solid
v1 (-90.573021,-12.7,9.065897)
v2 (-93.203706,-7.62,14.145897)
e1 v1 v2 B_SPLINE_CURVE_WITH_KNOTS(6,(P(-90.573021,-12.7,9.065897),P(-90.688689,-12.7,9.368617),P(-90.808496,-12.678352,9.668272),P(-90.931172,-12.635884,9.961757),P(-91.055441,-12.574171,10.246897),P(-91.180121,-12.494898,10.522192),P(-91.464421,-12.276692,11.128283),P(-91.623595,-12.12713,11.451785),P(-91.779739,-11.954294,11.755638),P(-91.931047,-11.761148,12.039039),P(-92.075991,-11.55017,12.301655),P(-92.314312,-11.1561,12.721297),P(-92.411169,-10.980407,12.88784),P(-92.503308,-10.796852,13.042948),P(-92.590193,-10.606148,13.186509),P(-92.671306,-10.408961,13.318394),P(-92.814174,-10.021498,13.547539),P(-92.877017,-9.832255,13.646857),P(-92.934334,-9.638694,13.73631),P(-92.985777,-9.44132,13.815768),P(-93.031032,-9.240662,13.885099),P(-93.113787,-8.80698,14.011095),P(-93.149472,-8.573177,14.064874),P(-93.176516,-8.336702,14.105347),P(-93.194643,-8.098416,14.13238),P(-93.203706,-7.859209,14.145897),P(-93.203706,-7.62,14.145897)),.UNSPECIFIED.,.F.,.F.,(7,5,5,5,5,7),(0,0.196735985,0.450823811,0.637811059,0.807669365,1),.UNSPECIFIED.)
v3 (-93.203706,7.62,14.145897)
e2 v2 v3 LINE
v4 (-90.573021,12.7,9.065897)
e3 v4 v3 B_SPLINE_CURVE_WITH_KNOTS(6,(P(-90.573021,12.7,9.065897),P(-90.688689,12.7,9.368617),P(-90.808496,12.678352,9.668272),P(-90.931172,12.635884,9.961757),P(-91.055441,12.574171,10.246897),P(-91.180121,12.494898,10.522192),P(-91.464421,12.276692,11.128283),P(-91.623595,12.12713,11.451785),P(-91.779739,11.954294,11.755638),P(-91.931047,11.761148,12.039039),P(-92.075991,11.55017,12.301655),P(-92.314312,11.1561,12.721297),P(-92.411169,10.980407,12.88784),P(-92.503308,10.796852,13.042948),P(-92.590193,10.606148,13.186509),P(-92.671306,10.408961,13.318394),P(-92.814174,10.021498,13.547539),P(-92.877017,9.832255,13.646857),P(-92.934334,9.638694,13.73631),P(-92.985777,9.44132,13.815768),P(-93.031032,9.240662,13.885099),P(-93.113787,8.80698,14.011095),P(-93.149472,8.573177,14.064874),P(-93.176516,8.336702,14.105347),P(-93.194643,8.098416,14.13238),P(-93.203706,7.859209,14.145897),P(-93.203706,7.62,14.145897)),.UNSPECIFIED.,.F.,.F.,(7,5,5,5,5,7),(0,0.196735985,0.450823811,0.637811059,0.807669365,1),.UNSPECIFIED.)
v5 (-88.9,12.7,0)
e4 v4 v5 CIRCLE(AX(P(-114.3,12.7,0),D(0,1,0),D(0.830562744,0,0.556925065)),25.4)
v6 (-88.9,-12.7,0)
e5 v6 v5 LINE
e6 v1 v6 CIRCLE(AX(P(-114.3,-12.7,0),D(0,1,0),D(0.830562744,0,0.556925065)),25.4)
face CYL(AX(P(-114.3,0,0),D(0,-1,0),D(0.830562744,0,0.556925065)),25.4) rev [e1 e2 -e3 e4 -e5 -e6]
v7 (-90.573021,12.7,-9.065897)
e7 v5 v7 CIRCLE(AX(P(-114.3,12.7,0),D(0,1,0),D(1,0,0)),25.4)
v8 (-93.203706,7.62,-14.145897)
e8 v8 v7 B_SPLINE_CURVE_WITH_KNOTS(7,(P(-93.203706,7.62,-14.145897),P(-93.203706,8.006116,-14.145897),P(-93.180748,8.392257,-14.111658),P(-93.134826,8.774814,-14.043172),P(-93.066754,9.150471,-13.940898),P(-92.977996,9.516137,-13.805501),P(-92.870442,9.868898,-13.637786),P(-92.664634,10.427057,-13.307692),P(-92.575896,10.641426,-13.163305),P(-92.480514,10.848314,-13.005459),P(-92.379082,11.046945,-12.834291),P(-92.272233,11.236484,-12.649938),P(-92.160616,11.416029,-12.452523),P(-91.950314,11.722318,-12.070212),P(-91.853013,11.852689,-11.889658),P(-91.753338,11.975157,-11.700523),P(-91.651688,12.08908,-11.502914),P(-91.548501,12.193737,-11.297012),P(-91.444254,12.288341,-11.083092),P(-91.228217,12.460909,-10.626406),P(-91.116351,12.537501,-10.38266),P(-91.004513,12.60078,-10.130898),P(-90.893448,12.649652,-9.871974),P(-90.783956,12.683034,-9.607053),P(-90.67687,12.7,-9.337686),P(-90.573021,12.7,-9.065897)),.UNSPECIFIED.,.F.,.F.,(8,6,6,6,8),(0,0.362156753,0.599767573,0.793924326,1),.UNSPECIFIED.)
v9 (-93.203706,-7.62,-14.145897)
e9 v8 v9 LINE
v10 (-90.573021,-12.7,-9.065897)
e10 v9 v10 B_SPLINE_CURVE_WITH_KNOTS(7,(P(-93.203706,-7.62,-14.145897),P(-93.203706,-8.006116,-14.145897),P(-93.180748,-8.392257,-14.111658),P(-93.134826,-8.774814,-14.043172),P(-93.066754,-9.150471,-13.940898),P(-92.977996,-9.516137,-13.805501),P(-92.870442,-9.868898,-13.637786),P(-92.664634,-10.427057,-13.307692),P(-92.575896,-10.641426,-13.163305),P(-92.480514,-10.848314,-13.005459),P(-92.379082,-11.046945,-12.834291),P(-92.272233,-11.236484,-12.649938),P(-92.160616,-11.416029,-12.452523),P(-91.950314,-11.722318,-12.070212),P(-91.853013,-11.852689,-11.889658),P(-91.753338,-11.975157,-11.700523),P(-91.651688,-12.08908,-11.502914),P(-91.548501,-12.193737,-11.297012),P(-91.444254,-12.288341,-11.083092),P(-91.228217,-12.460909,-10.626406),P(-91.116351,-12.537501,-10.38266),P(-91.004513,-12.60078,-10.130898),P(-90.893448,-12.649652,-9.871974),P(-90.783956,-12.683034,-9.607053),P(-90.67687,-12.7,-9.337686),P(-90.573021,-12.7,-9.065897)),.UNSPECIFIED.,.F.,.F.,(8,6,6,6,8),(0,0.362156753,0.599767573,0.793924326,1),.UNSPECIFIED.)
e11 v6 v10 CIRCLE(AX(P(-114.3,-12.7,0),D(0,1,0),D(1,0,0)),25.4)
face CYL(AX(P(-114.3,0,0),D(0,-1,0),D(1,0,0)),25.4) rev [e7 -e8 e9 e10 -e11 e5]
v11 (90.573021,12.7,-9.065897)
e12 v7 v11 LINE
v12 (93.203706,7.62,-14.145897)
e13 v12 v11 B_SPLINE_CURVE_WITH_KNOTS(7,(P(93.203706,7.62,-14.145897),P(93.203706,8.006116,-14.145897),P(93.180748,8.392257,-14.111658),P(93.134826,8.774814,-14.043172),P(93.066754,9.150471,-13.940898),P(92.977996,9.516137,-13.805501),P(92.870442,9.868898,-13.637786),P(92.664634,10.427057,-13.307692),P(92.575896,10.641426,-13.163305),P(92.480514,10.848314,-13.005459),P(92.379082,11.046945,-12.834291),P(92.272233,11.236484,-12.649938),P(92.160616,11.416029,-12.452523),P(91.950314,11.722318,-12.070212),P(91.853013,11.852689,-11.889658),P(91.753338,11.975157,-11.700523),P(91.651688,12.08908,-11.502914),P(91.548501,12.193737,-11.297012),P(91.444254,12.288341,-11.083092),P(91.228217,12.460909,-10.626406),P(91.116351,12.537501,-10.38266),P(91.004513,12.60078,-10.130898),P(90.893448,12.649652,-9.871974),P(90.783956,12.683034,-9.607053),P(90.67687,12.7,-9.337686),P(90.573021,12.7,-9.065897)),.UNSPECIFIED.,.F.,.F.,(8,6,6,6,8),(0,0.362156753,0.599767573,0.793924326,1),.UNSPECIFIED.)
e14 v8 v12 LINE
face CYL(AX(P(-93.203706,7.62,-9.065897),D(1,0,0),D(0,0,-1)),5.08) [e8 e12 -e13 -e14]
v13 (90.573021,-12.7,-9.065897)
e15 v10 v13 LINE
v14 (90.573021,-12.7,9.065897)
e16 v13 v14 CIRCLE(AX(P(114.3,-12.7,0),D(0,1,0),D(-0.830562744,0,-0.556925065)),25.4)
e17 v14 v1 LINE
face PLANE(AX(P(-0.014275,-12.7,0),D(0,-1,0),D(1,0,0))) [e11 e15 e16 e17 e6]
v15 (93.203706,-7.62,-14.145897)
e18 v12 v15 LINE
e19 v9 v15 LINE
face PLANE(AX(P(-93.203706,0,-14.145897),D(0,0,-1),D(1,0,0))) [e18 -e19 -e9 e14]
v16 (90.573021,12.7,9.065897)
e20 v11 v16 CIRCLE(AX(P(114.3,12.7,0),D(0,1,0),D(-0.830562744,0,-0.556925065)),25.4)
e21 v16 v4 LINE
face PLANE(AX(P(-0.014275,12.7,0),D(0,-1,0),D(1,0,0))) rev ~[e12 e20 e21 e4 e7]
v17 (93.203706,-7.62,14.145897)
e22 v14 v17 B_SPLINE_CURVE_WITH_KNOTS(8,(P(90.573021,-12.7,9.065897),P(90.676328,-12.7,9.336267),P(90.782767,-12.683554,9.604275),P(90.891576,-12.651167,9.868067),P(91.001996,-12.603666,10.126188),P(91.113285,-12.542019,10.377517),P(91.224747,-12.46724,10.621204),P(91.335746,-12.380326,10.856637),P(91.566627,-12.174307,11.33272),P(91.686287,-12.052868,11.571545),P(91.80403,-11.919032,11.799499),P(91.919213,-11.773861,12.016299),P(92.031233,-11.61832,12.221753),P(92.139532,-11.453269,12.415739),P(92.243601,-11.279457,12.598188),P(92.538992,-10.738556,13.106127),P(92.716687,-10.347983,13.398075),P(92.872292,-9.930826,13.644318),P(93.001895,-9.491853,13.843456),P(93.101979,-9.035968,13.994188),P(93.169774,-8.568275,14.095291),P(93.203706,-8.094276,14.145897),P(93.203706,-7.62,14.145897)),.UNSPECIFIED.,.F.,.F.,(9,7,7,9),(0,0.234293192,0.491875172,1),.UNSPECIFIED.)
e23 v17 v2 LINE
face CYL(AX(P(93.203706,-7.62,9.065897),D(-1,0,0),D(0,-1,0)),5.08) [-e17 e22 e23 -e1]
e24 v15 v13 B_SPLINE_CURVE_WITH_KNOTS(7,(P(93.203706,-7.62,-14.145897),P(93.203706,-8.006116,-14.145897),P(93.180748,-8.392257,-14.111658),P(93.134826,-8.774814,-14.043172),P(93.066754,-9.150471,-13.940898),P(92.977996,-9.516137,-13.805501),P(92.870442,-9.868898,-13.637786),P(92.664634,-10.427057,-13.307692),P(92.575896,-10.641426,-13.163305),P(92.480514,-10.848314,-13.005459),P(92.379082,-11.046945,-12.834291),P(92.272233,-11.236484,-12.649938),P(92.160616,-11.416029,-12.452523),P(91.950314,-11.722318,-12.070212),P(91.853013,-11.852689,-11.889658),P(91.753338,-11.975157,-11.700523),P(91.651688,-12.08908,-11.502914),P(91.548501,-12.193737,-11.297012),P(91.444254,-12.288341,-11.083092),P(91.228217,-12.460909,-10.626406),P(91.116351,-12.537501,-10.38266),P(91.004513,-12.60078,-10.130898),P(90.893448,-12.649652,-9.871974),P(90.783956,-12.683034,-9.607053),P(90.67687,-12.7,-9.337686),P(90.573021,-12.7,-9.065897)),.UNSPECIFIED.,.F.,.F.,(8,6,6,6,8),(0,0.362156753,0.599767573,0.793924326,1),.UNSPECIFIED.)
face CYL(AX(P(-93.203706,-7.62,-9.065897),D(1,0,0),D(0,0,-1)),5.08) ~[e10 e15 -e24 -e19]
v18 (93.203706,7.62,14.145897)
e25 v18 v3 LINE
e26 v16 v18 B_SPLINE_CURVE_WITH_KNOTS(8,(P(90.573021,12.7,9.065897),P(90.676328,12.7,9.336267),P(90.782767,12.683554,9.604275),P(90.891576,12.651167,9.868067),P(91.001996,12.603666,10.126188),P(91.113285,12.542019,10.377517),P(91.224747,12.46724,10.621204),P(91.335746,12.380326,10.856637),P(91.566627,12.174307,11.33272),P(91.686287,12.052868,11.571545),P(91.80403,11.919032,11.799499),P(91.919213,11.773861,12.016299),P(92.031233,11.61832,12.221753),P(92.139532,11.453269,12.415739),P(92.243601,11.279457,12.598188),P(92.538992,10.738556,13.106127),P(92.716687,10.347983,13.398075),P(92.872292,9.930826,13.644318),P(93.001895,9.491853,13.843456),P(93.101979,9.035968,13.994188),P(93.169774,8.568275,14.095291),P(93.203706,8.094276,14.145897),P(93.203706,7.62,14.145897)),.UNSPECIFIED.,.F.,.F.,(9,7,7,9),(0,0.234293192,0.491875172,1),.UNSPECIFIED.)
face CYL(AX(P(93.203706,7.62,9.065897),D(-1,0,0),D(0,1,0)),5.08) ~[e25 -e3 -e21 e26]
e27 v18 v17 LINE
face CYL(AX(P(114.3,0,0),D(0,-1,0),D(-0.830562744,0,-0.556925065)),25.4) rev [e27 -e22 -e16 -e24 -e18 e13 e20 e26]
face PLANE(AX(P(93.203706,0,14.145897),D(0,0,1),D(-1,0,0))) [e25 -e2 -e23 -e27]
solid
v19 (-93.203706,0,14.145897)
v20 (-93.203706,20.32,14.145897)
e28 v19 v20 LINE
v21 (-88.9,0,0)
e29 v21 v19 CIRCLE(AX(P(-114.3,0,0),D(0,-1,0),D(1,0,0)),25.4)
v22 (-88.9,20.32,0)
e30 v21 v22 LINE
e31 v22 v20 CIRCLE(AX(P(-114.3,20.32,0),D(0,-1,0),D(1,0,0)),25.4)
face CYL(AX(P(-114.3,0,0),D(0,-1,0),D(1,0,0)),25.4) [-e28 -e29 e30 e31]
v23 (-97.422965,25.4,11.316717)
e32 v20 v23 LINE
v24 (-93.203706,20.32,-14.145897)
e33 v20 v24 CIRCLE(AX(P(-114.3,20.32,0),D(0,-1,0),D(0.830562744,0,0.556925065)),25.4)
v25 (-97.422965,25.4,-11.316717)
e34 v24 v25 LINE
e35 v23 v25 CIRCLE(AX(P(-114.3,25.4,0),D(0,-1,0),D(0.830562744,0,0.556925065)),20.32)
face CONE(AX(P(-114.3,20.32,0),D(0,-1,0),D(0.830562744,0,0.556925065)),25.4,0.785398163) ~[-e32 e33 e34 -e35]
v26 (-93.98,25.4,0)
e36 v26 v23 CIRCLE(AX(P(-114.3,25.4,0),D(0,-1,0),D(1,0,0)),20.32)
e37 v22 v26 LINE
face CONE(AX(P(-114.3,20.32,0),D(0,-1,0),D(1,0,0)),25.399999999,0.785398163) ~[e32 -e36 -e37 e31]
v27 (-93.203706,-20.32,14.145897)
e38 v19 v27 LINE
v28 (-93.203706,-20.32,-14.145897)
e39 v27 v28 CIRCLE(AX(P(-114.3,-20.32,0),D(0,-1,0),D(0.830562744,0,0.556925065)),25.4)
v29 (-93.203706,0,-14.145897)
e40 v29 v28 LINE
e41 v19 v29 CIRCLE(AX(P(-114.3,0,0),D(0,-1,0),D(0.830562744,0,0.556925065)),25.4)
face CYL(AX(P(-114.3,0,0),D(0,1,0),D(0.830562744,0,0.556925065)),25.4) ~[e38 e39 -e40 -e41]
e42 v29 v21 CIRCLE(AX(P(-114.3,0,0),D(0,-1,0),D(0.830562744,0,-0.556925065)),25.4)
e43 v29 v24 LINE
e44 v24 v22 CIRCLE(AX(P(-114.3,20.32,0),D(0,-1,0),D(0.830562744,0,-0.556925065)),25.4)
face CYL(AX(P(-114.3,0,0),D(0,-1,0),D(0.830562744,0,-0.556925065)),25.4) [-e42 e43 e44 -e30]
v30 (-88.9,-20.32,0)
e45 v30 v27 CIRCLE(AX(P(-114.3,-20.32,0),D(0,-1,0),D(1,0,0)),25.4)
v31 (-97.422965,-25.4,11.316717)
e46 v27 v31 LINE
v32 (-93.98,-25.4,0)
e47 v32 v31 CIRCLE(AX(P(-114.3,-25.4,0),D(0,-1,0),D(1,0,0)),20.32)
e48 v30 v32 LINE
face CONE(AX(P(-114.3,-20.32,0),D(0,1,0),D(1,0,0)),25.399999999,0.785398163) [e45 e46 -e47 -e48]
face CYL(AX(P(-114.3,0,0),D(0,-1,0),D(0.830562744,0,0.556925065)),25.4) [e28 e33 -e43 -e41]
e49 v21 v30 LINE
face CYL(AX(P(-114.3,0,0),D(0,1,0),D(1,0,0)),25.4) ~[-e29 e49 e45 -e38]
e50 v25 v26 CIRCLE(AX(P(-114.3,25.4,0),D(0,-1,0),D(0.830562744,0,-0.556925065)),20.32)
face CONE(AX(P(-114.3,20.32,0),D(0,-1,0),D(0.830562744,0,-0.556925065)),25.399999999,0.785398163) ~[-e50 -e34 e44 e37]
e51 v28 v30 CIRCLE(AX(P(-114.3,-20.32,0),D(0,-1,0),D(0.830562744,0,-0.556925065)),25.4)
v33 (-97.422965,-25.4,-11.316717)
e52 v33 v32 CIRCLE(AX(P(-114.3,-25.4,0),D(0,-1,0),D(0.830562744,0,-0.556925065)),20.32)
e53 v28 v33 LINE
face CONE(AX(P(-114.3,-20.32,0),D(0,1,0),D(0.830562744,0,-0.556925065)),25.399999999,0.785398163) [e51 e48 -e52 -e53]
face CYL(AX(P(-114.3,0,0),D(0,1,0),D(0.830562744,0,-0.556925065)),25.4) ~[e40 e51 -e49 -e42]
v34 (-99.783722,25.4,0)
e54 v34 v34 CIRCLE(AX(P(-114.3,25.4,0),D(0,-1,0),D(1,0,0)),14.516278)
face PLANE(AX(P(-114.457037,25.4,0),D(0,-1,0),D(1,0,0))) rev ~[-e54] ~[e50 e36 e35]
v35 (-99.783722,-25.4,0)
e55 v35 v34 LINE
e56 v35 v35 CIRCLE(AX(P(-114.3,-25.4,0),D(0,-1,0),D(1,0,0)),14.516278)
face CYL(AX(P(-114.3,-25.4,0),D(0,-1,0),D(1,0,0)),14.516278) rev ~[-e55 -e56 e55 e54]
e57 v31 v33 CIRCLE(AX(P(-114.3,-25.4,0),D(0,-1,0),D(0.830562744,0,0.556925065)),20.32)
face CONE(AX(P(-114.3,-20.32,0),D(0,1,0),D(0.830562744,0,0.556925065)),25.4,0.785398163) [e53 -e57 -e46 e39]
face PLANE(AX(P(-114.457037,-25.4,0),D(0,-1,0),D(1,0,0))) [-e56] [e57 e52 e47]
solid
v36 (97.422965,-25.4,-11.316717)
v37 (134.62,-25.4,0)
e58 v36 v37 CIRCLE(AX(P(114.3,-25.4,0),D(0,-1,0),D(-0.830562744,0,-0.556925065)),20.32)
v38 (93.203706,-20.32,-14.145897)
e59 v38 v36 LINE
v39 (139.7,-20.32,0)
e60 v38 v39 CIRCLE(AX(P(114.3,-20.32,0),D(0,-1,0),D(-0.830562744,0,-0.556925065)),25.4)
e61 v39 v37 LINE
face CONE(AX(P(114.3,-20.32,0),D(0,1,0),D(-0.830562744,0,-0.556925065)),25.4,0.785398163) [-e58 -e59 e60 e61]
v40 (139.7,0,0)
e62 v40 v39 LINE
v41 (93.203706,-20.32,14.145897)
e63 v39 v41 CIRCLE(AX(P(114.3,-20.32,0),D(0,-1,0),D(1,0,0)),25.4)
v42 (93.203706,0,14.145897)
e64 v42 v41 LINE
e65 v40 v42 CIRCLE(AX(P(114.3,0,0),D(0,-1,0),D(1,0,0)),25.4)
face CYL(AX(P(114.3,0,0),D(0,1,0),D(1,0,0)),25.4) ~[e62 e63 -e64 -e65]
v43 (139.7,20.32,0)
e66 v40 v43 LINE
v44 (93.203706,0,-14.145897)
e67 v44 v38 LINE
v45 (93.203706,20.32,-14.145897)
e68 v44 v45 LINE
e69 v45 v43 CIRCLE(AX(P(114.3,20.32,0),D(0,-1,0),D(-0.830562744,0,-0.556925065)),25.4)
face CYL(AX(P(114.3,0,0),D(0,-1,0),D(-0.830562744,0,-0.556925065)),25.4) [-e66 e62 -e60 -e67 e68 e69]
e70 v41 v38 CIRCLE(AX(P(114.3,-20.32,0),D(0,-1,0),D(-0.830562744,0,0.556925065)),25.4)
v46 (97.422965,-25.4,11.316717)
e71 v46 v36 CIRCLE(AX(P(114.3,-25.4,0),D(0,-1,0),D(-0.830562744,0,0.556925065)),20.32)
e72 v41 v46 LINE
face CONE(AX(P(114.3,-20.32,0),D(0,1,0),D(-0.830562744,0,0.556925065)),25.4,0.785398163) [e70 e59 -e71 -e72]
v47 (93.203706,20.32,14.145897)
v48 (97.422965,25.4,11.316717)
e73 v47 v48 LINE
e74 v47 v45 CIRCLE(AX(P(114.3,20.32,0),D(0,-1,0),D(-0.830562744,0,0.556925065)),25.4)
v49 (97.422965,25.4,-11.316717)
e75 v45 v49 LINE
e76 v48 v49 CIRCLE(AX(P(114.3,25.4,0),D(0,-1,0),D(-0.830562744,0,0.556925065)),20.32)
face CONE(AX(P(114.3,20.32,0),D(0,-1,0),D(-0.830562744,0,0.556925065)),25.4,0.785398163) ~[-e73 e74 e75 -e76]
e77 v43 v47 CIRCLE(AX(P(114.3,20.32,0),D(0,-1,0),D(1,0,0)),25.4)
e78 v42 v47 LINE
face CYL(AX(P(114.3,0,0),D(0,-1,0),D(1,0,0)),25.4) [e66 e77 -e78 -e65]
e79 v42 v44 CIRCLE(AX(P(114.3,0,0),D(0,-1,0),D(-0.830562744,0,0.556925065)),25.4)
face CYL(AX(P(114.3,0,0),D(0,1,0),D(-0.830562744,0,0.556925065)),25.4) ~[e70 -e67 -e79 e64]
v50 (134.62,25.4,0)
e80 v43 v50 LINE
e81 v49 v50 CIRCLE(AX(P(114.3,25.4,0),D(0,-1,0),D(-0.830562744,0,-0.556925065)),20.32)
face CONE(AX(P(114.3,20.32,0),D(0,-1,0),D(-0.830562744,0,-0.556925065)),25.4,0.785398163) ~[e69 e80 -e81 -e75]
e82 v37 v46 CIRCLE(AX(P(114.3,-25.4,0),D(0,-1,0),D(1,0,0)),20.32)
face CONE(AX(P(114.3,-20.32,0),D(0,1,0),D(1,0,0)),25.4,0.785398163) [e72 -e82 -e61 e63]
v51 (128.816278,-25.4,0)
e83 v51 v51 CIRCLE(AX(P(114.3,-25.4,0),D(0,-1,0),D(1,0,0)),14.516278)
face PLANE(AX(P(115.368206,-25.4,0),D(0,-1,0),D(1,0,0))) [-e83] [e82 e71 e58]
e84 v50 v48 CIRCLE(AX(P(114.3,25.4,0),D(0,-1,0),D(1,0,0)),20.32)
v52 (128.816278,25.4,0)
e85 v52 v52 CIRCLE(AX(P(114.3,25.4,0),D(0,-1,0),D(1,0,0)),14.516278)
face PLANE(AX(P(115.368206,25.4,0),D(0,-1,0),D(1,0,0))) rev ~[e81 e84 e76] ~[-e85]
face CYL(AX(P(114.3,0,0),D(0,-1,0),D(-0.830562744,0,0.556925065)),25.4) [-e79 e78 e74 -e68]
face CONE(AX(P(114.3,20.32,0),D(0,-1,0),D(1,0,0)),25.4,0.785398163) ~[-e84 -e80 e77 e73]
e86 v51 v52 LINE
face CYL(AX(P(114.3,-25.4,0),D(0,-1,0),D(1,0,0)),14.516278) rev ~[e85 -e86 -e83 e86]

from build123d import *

# Parameters (mm, degrees)
F1_DEPTH      = 12.7
F1_DEPTH_BACK = 12.7
F2_DEPTH      = 25.4
F2_DEPTH_BACK = 25.4
F3_DEPTH      = 25.4
F3_DEPTH_BACK = 25.4
F4_R          = 14.5162780277
F5_DEPTH      = 50.801
F6_R          = 14.5162780277
F7_DEPTH      = 50.801
F8_SIZE       = 5.08
F8_2_SIZE     = 5.08
F9_R          = 5.08


with BuildPart() as f1:
    # F0 (on Front) → F1 (new body, two sides)
    with BuildSketch(Plane.XZ) as f1_sk:
        with BuildLine():
            ThreePointArc((-88.9, 0), (-89.9997339516, -7.3930419976), (-93.2037062975, -14.1458966494))
            Line((-93.2037062975, -14.1458966494), (93.2037062975, -14.1458966494))
            ThreePointArc((93.2037062975, -14.1458966494), (88.9, 0), (93.2037062975, 14.1458966494))
            Line((93.2037062975, 14.1458966494), (-93.2037062975, 14.1458966494))
            ThreePointArc((-93.2037062975, 14.1458966494), (-89.9997339516, 7.3930419976), (-88.9, 0))
        make_face()
    extrude(amount=F1_DEPTH)
    extrude(f1_sk.sketch, amount=-F1_DEPTH_BACK)

    # F9
    f9_edges = [f1.edges().sort_by_distance(p)[0] for p in [
        (0, -12.7, 14.145897),
        (0, 12.7, 14.145897),
        (0, -12.7, -14.145897),
        (0, 12.7, -14.145897),
    ]]
    fillet(f9_edges, radius=F9_R)


with BuildPart() as f2:
    # F0 (on Front) → F2 (new body, two sides)
    with BuildSketch(Plane.XZ) as f2_sk:
        with BuildLine():
            Line((-93.2037062975, -14.1458966494), (-114.3, -14.1458966494))
            Line((-114.3, -14.1458966494), (-114.3, 14.1458966494))
            Line((-114.3, 14.1458966494), (-93.2037062975, 14.1458966494))
            ThreePointArc((-93.2037062975, 14.1458966494), (-139.7, 0), (-93.2037062975, -14.1458966494))
        make_face()
        with BuildLine():
            Line((-114.3, 14.1458966494), (-114.3, -14.1458966494))
            Line((-114.3, -14.1458966494), (-93.2037062975, -14.1458966494))
            ThreePointArc((-93.2037062975, -14.1458966494), (-89.9997339516, -7.3930419976), (-88.9, 0))
            ThreePointArc((-88.9, 0), (-89.9997339516, 7.3930419976), (-93.2037062975, 14.1458966494))
            Line((-93.2037062975, 14.1458966494), (-114.3, 14.1458966494))
        make_face()
    extrude(amount=F2_DEPTH)
    extrude(f2_sk.sketch, amount=-F2_DEPTH_BACK)

    # F4 (on face) → F5 (cut, through all)
    with BuildSketch(Plane.XZ.offset(25.4)):
        with Locations((-114.3, 0)):
            Circle(F4_R)
    extrude(amount=-F5_DEPTH, mode=Mode.SUBTRACT)

    # F8
    f8_edges = [f2.edges().sort_by_distance(p)[0] for p in [
        (-135.396294, -25.4, 14.145897),
        (-135.396294, 25.4, 14.145897),
    ]]
    chamfer(f8_edges, length=F8_SIZE)


with BuildPart() as f3:
    # F0 (on Front) → F3 (new body, two sides)
    with BuildSketch(Plane.XZ) as f3_sk:
        with BuildLine():
            Line((114.3, -14.1458966494), (93.2037062975, -14.1458966494))
            ThreePointArc((93.2037062975, -14.1458966494), (121.6930419976, -24.3002660484), (139.7, 0))
            ThreePointArc((139.7, 0), (121.6930419976, 24.3002660484), (93.2037062975, 14.1458966494))
            Line((93.2037062975, 14.1458966494), (114.3, 14.1458966494))
            Line((114.3, 14.1458966494), (114.3, -14.1458966494))
        make_face()
        with BuildLine():
            ThreePointArc((93.2037062975, 14.1458966494), (88.9, 0), (93.2037062975, -14.1458966494))
            Line((93.2037062975, -14.1458966494), (114.3, -14.1458966494))
            Line((114.3, -14.1458966494), (114.3, 14.1458966494))
            Line((114.3, 14.1458966494), (93.2037062975, 14.1458966494))
        make_face()
    extrude(amount=F3_DEPTH)
    extrude(f3_sk.sketch, amount=-F3_DEPTH_BACK)

    # F6 (on face) → F7 (cut, through all)
    with BuildSketch(Plane.XZ.offset(25.4)):
        with Locations((114.3, 0)):
            Circle(F6_R)
    extrude(amount=-F7_DEPTH, mode=Mode.SUBTRACT)

    # F8#2
    f8_2_edges = [f3.edges().sort_by_distance(p)[0] for p in [
        (88.9, -25.4, 0),
        (88.9, 25.4, 0),
    ]]
    chamfer(f8_2_edges, length=F8_2_SIZE)


solid = Compound([f1.part, f2.part, f3.part])
